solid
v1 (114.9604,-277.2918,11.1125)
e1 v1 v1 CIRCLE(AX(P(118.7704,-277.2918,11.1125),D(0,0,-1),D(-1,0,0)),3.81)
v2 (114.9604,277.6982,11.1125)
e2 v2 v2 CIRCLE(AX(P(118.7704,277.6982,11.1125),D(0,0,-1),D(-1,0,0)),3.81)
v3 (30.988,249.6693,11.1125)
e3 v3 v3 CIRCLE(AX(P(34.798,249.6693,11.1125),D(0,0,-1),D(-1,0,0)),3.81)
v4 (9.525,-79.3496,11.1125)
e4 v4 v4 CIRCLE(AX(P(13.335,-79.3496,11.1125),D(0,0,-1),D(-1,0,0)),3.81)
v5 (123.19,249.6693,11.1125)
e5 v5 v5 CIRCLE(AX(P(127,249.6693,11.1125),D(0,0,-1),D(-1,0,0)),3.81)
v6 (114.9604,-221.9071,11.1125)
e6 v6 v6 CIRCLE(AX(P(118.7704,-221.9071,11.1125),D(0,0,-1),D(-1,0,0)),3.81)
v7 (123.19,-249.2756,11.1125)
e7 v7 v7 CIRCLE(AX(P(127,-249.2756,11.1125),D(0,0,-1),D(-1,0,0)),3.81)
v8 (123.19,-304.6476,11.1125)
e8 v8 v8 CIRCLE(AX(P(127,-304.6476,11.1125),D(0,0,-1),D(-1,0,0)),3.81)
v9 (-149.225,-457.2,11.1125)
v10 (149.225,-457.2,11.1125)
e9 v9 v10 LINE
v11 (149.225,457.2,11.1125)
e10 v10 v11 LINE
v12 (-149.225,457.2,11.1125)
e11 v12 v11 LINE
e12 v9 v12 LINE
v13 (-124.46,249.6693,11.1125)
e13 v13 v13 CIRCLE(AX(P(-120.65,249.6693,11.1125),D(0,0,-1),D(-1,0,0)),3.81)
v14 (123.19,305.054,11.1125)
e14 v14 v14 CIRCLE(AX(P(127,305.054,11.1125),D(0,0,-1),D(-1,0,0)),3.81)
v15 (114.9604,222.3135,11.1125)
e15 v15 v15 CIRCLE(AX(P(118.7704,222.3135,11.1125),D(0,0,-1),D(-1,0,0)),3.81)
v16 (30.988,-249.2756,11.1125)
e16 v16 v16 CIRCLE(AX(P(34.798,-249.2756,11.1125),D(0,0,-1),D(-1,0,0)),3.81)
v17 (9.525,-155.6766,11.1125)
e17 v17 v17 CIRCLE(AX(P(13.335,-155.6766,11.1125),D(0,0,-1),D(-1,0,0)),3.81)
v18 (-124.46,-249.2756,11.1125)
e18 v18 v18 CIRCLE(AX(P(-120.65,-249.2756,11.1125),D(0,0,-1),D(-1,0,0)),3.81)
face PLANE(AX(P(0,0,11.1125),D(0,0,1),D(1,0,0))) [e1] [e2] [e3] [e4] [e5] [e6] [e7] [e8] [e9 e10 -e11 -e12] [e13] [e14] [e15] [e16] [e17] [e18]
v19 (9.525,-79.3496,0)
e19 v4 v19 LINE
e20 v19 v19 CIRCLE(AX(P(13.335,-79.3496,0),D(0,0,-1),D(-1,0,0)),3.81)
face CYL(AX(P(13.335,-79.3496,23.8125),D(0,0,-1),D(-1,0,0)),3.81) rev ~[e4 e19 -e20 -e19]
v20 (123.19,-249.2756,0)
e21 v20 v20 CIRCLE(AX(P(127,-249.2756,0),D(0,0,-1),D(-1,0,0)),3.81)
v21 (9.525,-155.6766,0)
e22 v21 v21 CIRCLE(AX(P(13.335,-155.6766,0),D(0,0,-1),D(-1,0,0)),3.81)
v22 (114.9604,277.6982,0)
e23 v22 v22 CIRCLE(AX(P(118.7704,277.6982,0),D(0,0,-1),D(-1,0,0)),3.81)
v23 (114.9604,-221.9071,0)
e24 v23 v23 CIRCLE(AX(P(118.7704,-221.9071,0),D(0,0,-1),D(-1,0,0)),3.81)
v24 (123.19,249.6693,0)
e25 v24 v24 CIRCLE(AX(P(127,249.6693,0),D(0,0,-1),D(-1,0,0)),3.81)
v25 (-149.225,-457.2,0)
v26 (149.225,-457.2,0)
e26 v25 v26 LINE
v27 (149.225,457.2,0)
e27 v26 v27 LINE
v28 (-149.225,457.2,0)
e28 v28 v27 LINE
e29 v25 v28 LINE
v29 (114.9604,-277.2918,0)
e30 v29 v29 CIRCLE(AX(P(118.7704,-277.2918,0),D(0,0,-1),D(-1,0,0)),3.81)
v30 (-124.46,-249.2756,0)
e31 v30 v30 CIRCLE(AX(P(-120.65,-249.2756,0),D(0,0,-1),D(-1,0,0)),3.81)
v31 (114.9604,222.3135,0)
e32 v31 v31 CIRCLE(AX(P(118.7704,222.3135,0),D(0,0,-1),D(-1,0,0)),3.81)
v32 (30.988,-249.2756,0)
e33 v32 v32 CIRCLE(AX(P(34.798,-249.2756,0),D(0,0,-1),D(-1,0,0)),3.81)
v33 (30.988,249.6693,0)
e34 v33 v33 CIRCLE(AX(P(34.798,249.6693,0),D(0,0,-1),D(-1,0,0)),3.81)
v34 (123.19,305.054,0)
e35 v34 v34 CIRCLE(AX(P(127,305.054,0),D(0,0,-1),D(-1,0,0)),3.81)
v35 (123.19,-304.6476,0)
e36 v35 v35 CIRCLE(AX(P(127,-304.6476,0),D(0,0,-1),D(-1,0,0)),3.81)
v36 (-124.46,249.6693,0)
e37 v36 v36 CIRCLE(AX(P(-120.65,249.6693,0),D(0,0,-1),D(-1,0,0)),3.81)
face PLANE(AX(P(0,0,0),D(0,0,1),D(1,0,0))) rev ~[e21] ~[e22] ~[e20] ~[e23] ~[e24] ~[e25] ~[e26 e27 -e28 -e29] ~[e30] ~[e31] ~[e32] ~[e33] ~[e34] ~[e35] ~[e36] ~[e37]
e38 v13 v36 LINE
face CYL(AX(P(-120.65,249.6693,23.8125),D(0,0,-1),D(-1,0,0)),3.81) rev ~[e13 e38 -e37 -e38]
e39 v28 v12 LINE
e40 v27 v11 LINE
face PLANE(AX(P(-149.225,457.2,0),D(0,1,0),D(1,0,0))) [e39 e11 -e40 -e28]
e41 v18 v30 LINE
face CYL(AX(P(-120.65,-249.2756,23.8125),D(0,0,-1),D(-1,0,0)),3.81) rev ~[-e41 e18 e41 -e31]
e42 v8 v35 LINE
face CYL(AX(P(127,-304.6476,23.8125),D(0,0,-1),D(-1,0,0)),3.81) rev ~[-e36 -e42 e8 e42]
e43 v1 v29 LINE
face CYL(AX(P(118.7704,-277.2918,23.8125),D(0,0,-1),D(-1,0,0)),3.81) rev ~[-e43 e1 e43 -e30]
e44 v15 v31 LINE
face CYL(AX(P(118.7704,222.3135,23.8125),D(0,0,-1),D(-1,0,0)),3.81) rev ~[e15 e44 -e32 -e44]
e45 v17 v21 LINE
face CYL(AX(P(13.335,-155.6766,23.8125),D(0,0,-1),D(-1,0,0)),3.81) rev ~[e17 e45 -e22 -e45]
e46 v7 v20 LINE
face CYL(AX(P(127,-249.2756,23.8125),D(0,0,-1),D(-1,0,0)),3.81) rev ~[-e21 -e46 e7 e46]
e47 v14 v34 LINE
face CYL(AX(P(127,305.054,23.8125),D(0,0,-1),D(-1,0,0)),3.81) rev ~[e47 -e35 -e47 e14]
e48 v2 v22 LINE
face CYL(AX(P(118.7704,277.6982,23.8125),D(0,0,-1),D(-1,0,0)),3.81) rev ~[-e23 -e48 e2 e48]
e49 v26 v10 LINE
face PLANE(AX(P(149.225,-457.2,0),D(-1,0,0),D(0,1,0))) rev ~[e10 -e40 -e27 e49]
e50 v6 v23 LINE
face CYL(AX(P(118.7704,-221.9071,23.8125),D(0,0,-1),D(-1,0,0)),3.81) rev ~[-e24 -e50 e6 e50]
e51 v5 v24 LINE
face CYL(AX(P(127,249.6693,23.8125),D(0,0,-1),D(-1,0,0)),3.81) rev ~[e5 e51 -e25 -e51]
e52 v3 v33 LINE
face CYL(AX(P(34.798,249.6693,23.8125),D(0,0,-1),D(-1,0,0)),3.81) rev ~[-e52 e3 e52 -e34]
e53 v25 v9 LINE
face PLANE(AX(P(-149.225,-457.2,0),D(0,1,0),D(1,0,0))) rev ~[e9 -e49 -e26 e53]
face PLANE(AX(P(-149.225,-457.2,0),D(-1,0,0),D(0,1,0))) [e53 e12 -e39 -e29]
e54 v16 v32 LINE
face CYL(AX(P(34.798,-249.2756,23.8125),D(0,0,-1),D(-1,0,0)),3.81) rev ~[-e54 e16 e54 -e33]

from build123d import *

# Parameters (mm, degrees)
F0_W     = 298.45
F0_H     = 914.4
F1_DEPTH = 11.1125
F3_D     = 7.62
F3_DEPTH = 12.7


with BuildPart() as f1:
    # F0 (on Top) → F1 (new body)
    with BuildSketch(Plane.XY):
        Rectangle(F0_W, F0_H)
    extrude(amount=F1_DEPTH)

    # F3
    with Locations(Plane.XY.offset(11.1125)):
        with Locations((127, -304.6476), (118.7704, -277.2918), (127, -249.2756), (118.7704, -221.9071), (118.7704, 222.3135), (127, 249.6693), (118.7704, 277.6982), (127, 305.054), (34.798, 249.6693), (-120.65, 249.6693), (34.798, -249.2756), (-120.65, -249.2756), (13.335, -155.6766), (13.335, -79.3496)):
            Hole(F3_D / 2, depth=F3_DEPTH)


solid = f1.part
